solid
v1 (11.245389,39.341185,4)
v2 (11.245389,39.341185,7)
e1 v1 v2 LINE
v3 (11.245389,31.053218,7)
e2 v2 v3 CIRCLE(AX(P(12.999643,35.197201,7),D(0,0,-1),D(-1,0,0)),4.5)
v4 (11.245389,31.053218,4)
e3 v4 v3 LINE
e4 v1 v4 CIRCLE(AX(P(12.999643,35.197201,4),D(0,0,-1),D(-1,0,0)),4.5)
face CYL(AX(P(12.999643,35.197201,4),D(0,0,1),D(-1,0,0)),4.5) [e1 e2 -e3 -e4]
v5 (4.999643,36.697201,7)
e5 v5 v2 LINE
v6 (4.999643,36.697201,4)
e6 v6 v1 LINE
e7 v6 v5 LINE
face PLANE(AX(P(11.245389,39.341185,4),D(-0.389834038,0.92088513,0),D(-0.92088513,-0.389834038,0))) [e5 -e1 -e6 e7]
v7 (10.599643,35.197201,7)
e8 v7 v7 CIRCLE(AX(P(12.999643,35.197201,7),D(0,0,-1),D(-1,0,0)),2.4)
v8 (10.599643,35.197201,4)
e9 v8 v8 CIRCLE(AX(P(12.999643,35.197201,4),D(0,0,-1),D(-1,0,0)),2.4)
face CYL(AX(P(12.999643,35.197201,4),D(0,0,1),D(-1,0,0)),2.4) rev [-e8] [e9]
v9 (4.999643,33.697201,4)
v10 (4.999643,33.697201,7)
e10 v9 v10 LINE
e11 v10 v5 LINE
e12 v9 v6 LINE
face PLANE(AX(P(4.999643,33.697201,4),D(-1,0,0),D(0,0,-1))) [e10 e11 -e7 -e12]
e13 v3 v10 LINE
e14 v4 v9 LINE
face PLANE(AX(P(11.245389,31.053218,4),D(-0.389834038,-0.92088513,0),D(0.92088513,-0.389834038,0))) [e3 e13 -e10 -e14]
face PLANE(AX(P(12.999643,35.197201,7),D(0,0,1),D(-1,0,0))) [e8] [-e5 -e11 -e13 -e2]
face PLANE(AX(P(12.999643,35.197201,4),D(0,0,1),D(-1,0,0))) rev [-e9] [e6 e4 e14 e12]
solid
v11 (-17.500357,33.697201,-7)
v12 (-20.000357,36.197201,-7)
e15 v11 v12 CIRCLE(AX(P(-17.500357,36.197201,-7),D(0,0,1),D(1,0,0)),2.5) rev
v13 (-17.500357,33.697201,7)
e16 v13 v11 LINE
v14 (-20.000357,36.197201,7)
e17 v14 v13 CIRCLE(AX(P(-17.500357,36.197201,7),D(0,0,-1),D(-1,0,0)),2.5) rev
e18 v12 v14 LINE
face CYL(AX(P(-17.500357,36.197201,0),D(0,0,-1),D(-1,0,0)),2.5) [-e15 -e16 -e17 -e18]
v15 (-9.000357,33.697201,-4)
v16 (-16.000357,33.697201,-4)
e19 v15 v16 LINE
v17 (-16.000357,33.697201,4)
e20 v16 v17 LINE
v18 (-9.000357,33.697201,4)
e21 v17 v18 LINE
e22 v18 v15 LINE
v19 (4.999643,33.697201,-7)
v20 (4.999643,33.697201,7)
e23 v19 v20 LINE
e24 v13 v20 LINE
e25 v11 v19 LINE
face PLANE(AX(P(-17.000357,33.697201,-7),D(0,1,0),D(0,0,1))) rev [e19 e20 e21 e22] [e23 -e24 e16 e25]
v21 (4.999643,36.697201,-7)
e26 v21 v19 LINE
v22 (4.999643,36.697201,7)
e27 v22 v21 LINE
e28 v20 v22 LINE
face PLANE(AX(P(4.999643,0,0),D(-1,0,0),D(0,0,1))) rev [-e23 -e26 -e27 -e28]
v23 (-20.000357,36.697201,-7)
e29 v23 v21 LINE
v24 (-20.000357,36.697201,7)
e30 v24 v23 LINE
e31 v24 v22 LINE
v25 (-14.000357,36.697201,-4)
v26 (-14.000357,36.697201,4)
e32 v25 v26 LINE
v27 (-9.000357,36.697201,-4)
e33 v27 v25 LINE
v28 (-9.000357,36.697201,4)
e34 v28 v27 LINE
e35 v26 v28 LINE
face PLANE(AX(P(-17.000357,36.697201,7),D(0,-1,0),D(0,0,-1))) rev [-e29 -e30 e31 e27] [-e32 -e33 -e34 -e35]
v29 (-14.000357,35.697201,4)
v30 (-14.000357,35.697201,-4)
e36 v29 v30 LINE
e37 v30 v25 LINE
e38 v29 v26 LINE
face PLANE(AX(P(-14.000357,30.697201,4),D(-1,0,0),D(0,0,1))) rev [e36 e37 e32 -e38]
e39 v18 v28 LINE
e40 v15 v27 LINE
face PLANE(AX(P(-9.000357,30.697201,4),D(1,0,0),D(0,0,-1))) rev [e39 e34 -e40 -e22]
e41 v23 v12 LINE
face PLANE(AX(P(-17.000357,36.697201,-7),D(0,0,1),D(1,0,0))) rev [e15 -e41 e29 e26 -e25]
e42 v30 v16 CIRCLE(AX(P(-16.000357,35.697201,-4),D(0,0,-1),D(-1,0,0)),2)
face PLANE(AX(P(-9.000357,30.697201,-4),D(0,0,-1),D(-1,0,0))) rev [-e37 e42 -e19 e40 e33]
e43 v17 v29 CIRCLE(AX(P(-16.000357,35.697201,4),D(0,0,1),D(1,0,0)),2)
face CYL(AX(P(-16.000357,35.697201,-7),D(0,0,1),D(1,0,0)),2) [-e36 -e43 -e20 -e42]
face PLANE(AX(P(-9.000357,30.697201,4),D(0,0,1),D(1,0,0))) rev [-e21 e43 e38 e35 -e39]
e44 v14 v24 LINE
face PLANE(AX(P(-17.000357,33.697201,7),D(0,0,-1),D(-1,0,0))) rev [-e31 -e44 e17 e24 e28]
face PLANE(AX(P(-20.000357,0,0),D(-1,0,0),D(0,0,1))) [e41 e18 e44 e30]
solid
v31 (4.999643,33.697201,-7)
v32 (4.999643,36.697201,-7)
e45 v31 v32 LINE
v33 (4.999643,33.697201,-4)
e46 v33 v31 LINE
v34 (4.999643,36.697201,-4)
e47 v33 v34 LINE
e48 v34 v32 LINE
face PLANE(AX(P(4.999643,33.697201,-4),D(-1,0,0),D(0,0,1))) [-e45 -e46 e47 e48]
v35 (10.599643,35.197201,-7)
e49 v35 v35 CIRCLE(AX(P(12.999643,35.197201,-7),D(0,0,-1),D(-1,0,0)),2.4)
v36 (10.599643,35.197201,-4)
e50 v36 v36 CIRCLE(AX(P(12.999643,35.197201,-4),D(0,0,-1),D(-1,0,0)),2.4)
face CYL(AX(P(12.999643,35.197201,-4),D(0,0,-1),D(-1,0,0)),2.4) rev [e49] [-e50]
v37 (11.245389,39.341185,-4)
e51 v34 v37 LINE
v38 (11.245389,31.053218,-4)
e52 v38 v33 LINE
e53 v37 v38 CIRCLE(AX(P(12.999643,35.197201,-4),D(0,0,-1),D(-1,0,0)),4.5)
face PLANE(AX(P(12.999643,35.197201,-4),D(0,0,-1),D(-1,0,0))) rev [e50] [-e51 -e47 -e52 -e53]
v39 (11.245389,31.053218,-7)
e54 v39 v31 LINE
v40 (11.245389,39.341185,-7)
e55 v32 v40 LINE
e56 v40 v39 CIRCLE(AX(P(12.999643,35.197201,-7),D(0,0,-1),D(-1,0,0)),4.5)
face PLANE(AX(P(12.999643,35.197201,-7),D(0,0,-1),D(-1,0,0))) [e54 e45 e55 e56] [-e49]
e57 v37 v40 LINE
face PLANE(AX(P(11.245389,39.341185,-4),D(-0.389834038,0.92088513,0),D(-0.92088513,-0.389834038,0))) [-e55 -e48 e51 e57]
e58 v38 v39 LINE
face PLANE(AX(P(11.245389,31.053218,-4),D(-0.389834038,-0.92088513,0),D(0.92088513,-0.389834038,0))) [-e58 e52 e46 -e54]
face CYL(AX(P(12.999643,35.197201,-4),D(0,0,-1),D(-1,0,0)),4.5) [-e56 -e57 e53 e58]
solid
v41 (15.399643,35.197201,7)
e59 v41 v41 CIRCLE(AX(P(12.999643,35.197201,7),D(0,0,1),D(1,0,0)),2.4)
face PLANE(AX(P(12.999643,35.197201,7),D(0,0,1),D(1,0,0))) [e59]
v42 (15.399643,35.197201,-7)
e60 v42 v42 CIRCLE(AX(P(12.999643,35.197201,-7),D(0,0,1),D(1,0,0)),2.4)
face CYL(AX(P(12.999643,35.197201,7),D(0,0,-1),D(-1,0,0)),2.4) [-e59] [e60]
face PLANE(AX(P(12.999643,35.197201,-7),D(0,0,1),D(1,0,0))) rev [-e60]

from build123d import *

# Parameters (mm, degrees)
SKETCH_1_R          = 2.4
EXTRUDE_1_DEPTH     = 7
SKETCH_2_R          = 2.4
EXTRUDE_2_DEPTH     = 3
SKETCH_3_W          = 14
SKETCH_3_H          = 3
EXTRUDE_3_DEPTH     = 22
SKETCH_4_W          = 5
SKETCH_4_H          = 8
CUT_EXTRUDE_4_DEPTH = 20.779724268
FILLET_1_R          = 2
SKETCH_5_W          = 14
SKETCH_5_H          = 3
EXTRUDE_4_DEPTH     = 3
FILLET_2_R          = 2.5


with BuildPart() as part:
    # Эскиз1 → Бобышка-Вытянуть1 (new, symmetric)
    with BuildSketch(Plane.XY):
        with Locations((12.999642628, 35.197201498)):
            Circle(SKETCH_1_R)
    extrude(amount=EXTRUDE_1_DEPTH, both=True)


with BuildPart() as body_2:
    # Эскиз2 → Бобышка-Вытянуть2 (new body)
    with BuildSketch(Plane(origin=(0, 0, -7), x_dir=(-1, 0, 0), z_dir=(0, 0, -1))):
        with BuildLine():
            Line((-11.245389457, 39.341184584), (-4.999642628, 36.697201498))
            Line((-4.999642628, 36.697201498), (-4.999642628, 33.697201498))
            Line((-4.999642628, 33.697201498), (-11.245389457, 31.053218413))
            ThreePointArc((-11.245389457, 31.053218413), (-17.499642628, 35.197201498), (-11.245389457, 39.341184584))
        make_face()
        with Locations((-12.999642628, 35.197201498)):
            Circle(SKETCH_2_R, mode=Mode.SUBTRACT)
    extrude(amount=-EXTRUDE_2_DEPTH)


with BuildPart() as body_3:
    # Зеркальное отражение2: mirrored copy
    add(body_2.part.mirror(Plane.XY))


with BuildPart() as body_4:
    # Эскиз3 → Бобышка-Вытянуть3 (new body)
    with BuildSketch(Plane.ZY.offset(-4.999642628)):
        with Locations((0, 35.197201498)):
            Rectangle(SKETCH_3_W, SKETCH_3_H)
    extrude(amount=EXTRUDE_3_DEPTH)

    # Эскиз4 → Вырез-Вытянуть4 (cut, through all)
    with BuildSketch(Plane(origin=(0, 36.697201498, 0), x_dir=(1, 0, 0), z_dir=(0, 1, 0))):
        with Locations((-11.500357372, 0)):
            Rectangle(SKETCH_4_W, SKETCH_4_H)
    extrude(amount=-CUT_EXTRUDE_4_DEPTH, mode=Mode.SUBTRACT)

    # Скругление1
    fillet_1_edges = [body_4.edges().sort_by_distance(p)[0] for p in [
        (-14.000357372, 33.697201498, 0),
    ]]
    fillet(fillet_1_edges, radius=FILLET_1_R)

    # Эскиз5 → Бобышка-Вытянуть4 (add)
    with BuildSketch(Plane.ZY.offset(17.000357372)):
        with Locations((0, 35.197201498)):
            Rectangle(SKETCH_5_W, SKETCH_5_H)
    extrude(amount=EXTRUDE_4_DEPTH)

    # Скругление2
    fillet_2_edges = [body_4.edges().sort_by_distance(p)[0] for p in [
        (-20.000357372, 33.697201498, 0),
    ]]
    fillet(fillet_2_edges, radius=FILLET_2_R)


solid = Compound([part.part, body_2.part, body_3.part, body_4.part])
